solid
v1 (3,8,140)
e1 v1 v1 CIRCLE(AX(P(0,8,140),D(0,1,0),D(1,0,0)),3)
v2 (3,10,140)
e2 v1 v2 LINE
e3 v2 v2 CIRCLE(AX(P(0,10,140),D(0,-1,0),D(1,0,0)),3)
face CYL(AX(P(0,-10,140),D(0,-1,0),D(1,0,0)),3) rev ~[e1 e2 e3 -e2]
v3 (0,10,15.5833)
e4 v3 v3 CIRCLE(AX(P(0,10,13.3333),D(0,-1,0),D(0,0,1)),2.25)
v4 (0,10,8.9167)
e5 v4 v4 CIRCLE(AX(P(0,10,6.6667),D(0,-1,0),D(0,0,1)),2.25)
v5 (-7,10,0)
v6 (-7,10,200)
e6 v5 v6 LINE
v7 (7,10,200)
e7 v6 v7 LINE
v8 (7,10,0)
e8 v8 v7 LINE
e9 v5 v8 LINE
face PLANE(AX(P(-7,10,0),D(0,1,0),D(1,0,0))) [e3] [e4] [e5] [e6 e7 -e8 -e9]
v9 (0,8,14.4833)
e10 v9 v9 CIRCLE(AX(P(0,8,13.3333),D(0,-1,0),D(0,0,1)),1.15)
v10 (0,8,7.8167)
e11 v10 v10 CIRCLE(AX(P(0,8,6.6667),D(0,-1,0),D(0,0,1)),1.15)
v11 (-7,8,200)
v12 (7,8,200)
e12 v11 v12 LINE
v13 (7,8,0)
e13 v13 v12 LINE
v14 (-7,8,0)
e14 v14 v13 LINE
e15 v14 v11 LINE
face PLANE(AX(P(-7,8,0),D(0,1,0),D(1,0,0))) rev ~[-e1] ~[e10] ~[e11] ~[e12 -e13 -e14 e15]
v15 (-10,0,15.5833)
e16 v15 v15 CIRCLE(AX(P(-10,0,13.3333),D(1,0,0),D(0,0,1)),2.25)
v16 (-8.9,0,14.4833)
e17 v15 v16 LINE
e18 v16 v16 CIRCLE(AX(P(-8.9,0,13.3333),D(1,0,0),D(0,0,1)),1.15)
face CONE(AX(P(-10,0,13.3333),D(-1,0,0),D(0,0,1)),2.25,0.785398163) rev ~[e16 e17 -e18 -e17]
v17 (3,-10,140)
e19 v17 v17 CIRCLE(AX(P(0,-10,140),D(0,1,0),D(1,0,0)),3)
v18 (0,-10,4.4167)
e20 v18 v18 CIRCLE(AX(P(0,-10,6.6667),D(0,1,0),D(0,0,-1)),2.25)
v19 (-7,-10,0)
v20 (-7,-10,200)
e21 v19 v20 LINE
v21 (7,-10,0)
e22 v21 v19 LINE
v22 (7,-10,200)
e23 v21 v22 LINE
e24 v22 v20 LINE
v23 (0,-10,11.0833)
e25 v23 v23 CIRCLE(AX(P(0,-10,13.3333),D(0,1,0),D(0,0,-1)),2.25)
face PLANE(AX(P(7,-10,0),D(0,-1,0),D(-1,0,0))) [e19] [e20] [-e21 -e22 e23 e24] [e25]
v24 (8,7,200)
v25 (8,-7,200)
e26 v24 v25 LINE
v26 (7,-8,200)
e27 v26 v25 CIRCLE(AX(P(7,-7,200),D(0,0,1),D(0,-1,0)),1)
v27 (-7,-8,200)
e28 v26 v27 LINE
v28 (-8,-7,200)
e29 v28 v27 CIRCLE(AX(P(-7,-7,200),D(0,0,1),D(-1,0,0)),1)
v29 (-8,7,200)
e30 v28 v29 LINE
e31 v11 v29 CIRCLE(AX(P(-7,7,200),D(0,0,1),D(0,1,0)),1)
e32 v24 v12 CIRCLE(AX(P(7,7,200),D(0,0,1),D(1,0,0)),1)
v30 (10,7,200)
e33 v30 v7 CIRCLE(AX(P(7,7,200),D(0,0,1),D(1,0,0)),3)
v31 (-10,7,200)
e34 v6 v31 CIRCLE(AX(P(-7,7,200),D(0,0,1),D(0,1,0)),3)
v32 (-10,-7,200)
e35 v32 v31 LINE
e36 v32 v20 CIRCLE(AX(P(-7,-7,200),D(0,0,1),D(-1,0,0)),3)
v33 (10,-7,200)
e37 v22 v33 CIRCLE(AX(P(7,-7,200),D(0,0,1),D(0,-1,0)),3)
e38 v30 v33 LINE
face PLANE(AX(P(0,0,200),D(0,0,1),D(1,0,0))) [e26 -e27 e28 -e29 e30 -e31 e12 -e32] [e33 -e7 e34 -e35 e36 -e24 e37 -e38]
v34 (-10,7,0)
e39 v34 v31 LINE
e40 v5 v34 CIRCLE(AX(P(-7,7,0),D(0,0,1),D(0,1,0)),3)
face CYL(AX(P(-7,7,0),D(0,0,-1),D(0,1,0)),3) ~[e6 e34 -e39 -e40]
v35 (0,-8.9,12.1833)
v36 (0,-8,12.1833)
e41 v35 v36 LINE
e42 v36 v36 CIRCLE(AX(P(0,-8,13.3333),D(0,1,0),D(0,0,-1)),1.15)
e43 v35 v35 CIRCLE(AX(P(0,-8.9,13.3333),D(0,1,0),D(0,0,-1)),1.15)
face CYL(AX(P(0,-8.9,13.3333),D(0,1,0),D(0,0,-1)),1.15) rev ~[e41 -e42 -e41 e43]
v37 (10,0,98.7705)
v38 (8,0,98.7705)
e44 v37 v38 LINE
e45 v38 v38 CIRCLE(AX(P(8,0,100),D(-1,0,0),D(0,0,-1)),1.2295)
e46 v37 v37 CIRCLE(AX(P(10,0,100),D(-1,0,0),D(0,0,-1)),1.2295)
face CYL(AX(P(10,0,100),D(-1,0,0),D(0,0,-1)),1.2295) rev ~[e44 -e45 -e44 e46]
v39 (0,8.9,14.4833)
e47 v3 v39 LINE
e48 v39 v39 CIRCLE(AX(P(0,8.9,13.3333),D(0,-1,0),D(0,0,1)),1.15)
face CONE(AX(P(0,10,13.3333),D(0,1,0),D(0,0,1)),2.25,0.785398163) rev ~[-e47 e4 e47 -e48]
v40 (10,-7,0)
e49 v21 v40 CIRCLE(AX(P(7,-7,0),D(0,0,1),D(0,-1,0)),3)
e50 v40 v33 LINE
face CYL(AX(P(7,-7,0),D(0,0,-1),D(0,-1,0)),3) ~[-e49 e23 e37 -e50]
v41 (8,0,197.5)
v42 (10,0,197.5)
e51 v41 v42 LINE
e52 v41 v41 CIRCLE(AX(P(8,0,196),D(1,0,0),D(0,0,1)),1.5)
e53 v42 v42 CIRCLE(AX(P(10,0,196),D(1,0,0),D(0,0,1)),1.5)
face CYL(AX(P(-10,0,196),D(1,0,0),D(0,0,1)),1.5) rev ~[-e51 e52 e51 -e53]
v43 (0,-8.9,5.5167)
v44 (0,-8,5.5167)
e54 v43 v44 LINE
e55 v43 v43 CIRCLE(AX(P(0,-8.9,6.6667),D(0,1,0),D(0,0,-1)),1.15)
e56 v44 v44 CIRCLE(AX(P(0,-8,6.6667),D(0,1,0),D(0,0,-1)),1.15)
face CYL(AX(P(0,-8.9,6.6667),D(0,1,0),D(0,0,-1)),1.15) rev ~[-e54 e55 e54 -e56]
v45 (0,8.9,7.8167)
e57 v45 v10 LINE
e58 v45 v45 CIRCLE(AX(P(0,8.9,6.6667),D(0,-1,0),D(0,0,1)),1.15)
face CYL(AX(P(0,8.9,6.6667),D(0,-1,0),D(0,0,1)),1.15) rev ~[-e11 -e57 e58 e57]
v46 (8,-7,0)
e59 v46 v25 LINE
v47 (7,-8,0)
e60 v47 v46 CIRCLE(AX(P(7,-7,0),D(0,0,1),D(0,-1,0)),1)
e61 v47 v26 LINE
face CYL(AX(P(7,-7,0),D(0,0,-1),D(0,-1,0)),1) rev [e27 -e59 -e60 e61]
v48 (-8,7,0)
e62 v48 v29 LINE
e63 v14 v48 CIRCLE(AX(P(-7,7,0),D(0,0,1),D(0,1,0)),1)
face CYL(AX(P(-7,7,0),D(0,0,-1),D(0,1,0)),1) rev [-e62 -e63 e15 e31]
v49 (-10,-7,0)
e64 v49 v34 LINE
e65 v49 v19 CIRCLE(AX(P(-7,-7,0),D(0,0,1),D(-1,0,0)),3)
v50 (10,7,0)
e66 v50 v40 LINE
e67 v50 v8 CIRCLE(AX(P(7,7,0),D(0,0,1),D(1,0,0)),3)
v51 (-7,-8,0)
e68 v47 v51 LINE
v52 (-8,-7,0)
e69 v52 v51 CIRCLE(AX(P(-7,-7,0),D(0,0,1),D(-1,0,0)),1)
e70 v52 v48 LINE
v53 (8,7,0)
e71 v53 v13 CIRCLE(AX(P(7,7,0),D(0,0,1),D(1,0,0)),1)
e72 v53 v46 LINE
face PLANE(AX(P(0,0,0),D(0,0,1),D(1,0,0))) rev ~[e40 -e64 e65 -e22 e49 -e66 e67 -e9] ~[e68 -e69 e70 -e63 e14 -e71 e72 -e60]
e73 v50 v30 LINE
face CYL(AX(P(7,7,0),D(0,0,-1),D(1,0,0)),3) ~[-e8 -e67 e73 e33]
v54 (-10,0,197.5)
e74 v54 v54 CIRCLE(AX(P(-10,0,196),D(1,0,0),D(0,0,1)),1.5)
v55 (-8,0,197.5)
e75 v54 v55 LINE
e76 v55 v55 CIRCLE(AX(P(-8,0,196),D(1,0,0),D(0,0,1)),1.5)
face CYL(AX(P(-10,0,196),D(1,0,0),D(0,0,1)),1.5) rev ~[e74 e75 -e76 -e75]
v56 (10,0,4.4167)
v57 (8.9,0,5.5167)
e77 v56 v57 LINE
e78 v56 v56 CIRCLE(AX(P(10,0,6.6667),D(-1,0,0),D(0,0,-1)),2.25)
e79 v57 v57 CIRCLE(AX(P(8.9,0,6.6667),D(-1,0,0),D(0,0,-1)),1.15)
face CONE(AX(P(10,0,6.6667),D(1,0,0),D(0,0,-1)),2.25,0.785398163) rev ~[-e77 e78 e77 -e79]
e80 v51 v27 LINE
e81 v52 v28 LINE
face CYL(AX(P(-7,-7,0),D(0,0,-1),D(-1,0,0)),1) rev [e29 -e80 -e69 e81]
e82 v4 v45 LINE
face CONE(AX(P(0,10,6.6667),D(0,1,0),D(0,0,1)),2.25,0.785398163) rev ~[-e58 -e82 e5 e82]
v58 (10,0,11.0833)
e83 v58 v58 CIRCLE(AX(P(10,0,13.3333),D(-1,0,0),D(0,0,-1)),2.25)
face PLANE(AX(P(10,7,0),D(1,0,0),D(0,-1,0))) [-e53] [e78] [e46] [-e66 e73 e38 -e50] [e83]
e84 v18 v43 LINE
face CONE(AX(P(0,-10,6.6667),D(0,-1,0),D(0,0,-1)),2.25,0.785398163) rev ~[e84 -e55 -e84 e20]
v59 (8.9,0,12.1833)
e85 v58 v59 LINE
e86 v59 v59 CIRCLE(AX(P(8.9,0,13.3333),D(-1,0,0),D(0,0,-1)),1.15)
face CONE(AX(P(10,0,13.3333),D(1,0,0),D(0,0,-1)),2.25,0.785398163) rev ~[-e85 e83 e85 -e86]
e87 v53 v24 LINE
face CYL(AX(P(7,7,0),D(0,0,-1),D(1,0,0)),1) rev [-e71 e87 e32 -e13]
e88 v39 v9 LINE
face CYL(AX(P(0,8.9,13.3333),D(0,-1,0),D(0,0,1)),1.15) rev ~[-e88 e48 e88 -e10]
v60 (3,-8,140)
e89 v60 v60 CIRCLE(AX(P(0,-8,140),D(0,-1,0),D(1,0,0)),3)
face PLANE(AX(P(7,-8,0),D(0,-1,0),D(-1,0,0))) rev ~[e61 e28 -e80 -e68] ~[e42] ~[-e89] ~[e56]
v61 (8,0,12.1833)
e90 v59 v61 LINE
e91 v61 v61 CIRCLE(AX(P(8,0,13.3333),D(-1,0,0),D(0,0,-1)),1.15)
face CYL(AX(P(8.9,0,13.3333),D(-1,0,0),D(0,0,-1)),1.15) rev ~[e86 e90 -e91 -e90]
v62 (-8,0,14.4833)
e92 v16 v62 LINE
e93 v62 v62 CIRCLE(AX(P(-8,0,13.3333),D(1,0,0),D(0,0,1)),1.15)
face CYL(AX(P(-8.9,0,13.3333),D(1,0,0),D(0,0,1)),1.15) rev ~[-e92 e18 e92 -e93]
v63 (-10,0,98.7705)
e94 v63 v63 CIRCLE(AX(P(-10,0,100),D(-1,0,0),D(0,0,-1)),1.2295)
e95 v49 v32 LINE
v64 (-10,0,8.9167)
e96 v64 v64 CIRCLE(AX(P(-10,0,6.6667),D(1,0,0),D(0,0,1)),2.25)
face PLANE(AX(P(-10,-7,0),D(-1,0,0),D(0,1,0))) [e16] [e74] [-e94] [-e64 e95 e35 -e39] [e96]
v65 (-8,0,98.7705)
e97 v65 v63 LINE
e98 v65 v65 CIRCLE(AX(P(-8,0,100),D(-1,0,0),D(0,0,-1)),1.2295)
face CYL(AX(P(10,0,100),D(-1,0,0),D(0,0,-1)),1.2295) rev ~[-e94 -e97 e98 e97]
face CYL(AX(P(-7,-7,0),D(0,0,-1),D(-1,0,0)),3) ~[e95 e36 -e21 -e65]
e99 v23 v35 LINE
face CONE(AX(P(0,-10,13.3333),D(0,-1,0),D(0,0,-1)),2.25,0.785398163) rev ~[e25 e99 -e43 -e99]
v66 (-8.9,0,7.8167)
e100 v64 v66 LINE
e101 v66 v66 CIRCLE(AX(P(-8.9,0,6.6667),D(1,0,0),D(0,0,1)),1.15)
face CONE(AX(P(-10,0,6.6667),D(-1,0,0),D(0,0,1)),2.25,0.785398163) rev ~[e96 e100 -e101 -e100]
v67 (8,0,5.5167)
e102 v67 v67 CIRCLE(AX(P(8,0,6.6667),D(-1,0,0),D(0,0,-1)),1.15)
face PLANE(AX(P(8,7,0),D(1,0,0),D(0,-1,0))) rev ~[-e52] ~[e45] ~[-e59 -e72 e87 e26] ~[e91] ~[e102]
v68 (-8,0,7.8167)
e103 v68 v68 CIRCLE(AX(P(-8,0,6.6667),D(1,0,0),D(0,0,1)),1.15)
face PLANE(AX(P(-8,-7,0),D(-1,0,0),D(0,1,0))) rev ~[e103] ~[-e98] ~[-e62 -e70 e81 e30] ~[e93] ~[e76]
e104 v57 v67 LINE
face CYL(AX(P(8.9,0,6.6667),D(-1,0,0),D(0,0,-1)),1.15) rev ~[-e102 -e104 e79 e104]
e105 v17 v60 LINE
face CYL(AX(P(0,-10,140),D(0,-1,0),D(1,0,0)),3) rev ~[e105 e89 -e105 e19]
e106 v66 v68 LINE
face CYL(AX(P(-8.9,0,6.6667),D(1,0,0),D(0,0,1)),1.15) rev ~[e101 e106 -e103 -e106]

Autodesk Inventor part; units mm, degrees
ref_plane "YZ Plane" through (0, 0, 0) normal (1, 0, 0) x (0, 1, 0)
ref_plane "Startebene" through (0, 0, 0) normal (0, 0, 1) x (1, 0, 0)
ref_plane "Endebene" through (0, 0, 200) normal (0, 0, 1) x (1, 0, 0)
sketch "Skizze" plane through (0, 0, 0) normal (0, 0, 1) x (1, 0, 0)
  line L0 (-10, -7) -> (-10, 7)
  line L1 (-7, 10) -> (7, 10)
  line L2 (10, 7) -> (10, -7)
  line L3 (7, -10) -> (-7, -10)
  arc A0 (-10, -7) -> (-7, -10) centre (-7, -7) ccw
  arc A1 (-7, 10) -> (-10, 7) centre (-7, 7) ccw
  arc A2 (10, 7) -> (7, 10) centre (7, 7) ccw
  arc A3 (7, -10) -> (10, -7) centre (7, -7) ccw
  arc A4 (-7, 8) -> (-8, 7) centre (-7, 7) ccw
  line L4 (-7, 8) -> (7, 8)
  arc A5 (8, 7) -> (7, 8) centre (7, 7) ccw
  line L5 (8, 7) -> (8, -7)
  arc A6 (7, -8) -> (8, -7) centre (7, -7) ccw
  line L6 (7, -8) -> (-7, -8)
  arc A7 (-8, -7) -> (-7, -8) centre (-7, -7) ccw
  line L7 (-8, -7) -> (-8, 7)
  line L8 (0, 37.1021) -> (0, -37.1021) construction
  line L9 (-23.1021, 0) -> (23.1021, 0) construction
  dimension "d7" = 3
  dimension "d10" = 20
  dimension "d11" = 20
  dimension "d12" = 2
  dimension "d15" = 10
  dimension "d16" = 10
extrude "Körper" add sketch "Skizze" along normal up to surface (200 mm away) from surface at 0
sketch "Sketch3" plane through (0, 0, 0) normal (0, 0, 1) x (1, 0, 0)
  line L0 (0, 0) -> (10, 0)
ref_plane "Work Plane3" through (0, 0, 0) normal (0, -1, 0) x (1, 0, 0)
sketch "Skizze5" plane through (10, -7, 200) normal (1, 0, 0) x (0, 0, -1)
  circle A0 centre (193.3333, 7) radius 0.9 projected
  circle A1 centre (186.6667, 7) radius 0.9 projected
  point P0 (200, 7)
hole "Bohrung1" at (10, 0, 6.6667) at (10, 0, 13.3333) direction (-1, 0, 0) diameter 2.3 depth 8 tip angle 118 countersink diameter 4.5 countersink angle 90
sketch "Skizze6" plane through (-10, 7, 0) normal (-1, 0, 0) x (0, 0, 1)
  circle A0 centre (6.6667, -7) radius 0.9 projected
  circle A1 centre (13.3333, -7) radius 0.9 projected
  point P0 (0, -7)
hole "Bohrung2" at (-10, 0, 6.6667) at (-10, 0, 13.3333) direction (1, 0, 0) diameter 2.3 depth 8 tip angle 118 countersink diameter 4.5 countersink angle 90
sketch "Skizze7" plane through (-7, -10, 0) normal (0, -1, 0) x (1, 0, 0)
  circle A0 centre (7, 6.6667) radius 0.9 projected
  circle A1 centre (7, 13.3333) radius 0.9 projected
  point P0 (7, 0)
hole "Bohrung3" at (0, -10, 6.6667) at (0, -10, 13.3333) direction (0, 1, 0) diameter 2.3 depth 8 tip angle 118 countersink diameter 4.5 countersink angle 90
sketch "Skizze8" plane through (7, 10, 200) normal (0, 1, 0) x (1, 0, 0)
  circle A0 centre (-7, 186.6667) radius 0.9 projected
  circle A1 centre (-7, 193.3333) radius 0.9 projected
  point P0 (-7, 200)
hole "Bohrung4" at (0, 10, 13.3333) at (0, 10, 6.6667) direction (0, -1, 0) diameter 2.3 depth 8 tip angle 118 countersink diameter 4.5 countersink angle 90
sketch "Skizze9" plane through (-7, -10, 0) normal (0, -1, 0) x (1, 0, 0)
  circle A0 centre (7, 140) radius 3
  line L0 (7, 140) -> (7, 200)
  line L1 (14, 200) -> (0, 200) projected
  line L2 (14, 200) -> (0, 200) projected
  point P0 (7, 0)
  dimension "d47" = 6
  dimension "d48" = 60
extrude "Extrusion2" cut sketch "Skizze9" against normal through all
sketch "Skizze10" plane through (10, -7, 200) normal (1, 0, 0) x (0, 0, -1)
  line L0 (200, 14) -> (0, 14) construction
  line L1 (100, 14) -> (100, 7) construction
  line L2 (100, 7) -> (100, 0) construction
  line L3 (200, 0) -> (0, 0) construction
  line L4 (57, 17) -> (63, 17) construction
  point P0 (200, 7)
  point P1 (60, 17)
  dimension "d51" = 40
hole "Bohrung5" at (10, 0, 100) direction (-1, 0, 0) diameter 2.459 end through all thread size "M3x0.5" class "6H" standard "ANSI Metric M Profile"
sketch "Skizze11" plane through (-10, 7, 0) normal (-1, 0, 0) x (0, 0, 1)
  line L0 (196, -7) -> (200, -7)
  line L1 (200, -14) -> (200, 0) projected
  point P0 (0, -7)
  dimension "d59" = 4
hole "Bohrung6" at (-10, 0, 196) direction (1, 0, 0) diameter 3 end through all
sketch "Sketch4" plane through (0, 0, 0) normal (0, -1, 0) x (1, 0, 0)
  line L0 (-2, 0) -> (12, 0) projected
  line L1 (-2, 200) -> (12, 200) projected
  dimension "d18" = 200
equation "\"d7\" = G_IR"
equation "\"d10\" = G_H"
equation "\"d11\" = G_W"
equation "\"d12\" = G_T"
equation "\"d15\" = 0.5 * d10"
equation "\"d16\" = 0.5 * d11"
equation "\"d3\" = G_L"
equation "\"G_W\" = 20"
equation "\"G_H\" = 20"
equation "\"G_T\" = 2"
equation "\"G_IR\" = 3"
equation "\"G_L\" = d18"
equation "\"G_OFFSET_START\" = 0"
equation "\"G_OFFSET_END\" = 0"
properties part number "ISO 12633-2 - 20x20x2 - 200" material "Stahl, weich"
